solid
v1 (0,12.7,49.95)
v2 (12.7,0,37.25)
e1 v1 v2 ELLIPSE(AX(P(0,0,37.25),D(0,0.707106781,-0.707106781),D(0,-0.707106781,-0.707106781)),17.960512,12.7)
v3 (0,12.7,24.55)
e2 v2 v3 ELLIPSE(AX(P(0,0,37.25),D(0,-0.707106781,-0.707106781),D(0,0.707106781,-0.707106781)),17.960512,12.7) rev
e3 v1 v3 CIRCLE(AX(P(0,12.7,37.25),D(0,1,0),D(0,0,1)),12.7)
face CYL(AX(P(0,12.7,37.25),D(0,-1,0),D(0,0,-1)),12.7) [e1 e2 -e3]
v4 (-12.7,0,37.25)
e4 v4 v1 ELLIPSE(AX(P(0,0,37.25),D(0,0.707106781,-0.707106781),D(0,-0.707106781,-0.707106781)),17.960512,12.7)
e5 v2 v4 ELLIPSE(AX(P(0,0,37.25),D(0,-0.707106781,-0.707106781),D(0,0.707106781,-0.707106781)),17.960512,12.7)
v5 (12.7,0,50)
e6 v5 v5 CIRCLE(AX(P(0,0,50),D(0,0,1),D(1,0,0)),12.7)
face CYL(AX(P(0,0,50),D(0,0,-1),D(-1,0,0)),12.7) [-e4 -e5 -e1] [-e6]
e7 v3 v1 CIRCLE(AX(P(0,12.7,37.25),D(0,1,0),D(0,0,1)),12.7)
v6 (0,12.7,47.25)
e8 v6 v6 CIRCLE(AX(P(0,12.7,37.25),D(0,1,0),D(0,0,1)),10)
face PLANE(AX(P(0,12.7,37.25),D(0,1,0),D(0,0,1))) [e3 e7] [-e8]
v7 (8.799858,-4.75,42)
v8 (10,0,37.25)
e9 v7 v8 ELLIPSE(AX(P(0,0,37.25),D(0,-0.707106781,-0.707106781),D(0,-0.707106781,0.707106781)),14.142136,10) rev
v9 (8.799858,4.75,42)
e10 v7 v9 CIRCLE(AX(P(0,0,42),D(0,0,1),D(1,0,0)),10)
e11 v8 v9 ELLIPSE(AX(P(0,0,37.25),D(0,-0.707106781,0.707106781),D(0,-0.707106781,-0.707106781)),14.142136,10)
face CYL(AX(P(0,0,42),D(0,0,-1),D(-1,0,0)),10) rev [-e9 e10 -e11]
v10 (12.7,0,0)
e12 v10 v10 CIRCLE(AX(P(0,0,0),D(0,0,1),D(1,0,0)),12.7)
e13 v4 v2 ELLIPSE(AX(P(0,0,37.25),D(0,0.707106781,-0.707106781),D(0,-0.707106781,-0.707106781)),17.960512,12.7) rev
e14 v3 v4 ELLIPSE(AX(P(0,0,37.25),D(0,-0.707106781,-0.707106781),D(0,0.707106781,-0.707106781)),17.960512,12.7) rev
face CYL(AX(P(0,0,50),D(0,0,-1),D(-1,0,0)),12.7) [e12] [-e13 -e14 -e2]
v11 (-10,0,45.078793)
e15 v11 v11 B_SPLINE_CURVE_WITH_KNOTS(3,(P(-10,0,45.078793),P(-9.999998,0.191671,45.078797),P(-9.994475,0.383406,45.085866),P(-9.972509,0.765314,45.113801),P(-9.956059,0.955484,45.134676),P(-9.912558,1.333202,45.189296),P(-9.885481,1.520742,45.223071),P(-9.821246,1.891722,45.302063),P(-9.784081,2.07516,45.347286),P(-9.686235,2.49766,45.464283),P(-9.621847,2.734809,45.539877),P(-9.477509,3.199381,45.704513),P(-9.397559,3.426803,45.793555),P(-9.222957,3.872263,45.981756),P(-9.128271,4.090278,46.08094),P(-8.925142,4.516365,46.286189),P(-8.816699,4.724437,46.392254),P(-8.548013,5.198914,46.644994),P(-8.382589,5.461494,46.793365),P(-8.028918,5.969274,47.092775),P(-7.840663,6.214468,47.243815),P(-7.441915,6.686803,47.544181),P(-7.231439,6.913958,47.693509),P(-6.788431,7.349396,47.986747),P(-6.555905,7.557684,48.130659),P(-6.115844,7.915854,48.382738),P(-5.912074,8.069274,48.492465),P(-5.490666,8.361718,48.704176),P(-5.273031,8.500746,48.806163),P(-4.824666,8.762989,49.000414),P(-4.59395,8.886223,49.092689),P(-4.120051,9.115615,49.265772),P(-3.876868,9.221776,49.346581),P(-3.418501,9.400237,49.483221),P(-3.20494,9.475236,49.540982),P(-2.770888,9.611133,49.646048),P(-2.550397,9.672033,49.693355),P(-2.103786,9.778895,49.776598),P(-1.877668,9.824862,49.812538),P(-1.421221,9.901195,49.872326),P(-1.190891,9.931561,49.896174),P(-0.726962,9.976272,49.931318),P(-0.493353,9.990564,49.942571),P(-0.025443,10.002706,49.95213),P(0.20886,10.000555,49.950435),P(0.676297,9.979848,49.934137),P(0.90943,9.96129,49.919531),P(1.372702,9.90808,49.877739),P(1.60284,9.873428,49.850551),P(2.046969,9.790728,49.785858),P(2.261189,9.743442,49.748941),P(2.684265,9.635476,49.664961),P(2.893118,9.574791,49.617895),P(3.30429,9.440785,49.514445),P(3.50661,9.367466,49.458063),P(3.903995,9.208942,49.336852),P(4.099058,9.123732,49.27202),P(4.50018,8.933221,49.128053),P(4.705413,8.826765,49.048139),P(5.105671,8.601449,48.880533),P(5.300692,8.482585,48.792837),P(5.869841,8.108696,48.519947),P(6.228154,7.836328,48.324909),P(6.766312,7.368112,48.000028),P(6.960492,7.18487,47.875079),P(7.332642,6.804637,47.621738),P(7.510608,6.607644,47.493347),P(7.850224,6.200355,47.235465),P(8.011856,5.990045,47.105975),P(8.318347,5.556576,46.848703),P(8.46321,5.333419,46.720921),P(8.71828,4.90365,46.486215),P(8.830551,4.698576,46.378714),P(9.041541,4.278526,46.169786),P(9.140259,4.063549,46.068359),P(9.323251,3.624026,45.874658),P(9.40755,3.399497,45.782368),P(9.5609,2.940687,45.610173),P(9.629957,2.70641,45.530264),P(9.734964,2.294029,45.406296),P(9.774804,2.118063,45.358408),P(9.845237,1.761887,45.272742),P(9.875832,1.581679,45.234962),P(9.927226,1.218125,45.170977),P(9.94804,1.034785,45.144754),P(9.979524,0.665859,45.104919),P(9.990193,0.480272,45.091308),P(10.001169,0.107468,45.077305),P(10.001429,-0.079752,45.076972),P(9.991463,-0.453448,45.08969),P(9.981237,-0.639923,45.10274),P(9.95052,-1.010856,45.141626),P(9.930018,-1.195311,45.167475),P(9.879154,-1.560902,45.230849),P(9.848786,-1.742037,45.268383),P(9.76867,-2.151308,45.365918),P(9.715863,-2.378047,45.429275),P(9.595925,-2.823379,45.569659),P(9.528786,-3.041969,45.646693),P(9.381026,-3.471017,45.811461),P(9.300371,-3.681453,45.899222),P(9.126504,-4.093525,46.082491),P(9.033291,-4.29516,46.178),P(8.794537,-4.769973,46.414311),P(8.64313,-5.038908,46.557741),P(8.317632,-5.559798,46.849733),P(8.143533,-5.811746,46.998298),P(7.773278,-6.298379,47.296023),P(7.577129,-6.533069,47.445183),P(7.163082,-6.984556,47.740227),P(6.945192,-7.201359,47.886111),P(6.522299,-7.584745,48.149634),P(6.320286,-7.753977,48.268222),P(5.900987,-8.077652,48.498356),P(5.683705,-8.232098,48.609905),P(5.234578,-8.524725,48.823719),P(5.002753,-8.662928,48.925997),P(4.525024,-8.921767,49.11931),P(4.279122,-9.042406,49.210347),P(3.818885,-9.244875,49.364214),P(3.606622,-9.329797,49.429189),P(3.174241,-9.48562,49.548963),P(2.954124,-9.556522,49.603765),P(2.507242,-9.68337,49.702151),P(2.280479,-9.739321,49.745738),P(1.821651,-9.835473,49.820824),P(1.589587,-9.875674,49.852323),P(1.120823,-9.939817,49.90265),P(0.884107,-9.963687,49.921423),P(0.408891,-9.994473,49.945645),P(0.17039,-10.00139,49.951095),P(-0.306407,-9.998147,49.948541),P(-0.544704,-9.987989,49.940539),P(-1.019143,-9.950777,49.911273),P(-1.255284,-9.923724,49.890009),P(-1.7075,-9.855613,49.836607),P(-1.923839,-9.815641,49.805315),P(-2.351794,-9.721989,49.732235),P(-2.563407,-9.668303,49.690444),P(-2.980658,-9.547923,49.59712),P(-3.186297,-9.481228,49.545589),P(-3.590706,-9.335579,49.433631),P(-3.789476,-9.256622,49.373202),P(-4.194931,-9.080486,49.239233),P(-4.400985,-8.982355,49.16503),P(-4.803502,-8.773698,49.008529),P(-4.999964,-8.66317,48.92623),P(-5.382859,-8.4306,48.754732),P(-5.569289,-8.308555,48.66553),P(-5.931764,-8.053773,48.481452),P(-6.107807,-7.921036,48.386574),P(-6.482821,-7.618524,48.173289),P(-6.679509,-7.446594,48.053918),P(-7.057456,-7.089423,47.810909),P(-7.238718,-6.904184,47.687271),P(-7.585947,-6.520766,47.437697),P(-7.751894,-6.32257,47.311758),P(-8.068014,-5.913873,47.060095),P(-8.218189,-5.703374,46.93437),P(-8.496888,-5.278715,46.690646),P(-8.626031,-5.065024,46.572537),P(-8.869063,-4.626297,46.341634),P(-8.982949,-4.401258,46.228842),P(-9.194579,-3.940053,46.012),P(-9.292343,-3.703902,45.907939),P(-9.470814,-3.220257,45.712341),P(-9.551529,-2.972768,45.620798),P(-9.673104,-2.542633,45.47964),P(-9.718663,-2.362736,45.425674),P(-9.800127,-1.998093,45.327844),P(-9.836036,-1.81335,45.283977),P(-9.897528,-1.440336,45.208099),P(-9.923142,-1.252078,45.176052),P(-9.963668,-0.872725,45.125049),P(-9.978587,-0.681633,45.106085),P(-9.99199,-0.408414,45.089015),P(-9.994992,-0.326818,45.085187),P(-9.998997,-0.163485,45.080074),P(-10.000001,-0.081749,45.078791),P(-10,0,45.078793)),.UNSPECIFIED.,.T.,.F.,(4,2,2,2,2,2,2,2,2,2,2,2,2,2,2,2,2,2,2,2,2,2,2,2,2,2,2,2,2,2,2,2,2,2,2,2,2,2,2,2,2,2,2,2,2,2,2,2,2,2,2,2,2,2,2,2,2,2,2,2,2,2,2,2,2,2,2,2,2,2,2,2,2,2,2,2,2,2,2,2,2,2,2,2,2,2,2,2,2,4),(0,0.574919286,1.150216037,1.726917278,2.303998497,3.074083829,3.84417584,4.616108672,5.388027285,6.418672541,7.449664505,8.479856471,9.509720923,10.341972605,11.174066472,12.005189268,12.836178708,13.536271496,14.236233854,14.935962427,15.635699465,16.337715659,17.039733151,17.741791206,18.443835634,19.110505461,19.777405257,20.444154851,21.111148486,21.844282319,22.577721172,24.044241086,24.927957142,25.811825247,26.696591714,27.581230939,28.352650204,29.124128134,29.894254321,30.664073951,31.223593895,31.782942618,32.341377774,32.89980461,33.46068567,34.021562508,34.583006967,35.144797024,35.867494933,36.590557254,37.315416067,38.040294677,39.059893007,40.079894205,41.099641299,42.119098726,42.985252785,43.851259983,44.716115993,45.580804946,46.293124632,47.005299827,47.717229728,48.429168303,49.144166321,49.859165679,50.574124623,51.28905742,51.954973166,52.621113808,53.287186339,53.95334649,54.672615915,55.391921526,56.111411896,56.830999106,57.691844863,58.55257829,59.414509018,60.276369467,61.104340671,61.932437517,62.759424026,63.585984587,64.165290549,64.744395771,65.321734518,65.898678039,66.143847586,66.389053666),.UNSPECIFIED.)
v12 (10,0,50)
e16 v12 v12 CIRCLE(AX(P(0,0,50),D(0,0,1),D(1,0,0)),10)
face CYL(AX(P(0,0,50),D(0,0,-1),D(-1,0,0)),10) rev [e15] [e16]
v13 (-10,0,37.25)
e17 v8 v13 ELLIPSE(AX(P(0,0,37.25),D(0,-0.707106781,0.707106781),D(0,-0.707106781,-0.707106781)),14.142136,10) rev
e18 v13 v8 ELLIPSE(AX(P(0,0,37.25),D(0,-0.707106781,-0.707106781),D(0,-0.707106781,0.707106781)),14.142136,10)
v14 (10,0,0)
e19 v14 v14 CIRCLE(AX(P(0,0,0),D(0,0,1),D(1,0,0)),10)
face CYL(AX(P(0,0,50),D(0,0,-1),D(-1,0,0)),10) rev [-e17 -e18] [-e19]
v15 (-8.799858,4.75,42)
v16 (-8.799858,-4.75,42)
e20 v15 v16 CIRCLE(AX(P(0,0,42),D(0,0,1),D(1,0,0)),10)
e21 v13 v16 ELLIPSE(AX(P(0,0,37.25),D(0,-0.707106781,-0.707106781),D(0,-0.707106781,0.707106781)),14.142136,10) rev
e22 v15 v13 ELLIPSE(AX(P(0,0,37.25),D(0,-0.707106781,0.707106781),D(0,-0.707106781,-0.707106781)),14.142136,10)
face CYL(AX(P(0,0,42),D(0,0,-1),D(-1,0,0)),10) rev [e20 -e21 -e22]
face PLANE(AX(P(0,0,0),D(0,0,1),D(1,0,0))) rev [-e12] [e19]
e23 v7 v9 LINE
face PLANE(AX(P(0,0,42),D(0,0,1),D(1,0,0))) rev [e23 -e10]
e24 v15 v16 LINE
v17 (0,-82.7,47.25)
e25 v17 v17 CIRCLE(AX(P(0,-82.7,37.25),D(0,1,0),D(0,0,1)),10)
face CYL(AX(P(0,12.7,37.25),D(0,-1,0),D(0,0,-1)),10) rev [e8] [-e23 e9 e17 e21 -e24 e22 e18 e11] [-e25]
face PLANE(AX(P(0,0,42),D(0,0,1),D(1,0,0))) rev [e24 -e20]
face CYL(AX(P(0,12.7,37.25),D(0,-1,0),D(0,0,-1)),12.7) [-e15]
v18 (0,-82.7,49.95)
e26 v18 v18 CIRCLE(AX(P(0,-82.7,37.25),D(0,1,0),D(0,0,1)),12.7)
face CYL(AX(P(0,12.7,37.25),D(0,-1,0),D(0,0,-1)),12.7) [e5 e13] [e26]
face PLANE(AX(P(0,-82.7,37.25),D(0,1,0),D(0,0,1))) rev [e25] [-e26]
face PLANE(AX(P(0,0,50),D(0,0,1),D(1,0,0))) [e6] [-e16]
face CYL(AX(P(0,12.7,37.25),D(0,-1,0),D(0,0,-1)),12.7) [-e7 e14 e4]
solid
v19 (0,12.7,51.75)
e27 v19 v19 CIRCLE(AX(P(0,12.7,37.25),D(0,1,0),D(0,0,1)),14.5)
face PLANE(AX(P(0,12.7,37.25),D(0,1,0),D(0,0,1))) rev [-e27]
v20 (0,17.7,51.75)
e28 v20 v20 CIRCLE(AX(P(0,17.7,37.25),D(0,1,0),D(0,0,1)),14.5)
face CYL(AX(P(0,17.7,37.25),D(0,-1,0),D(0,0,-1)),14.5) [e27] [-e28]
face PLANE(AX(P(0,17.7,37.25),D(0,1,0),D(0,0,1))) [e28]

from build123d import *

# Parameters (mm, degrees)
CROQUIS1_R                   = 12.7
CROQUIS1_R_2                 = 10
SALIENTE_EXTRUIR1_DEPTH      = 50
SALIENTE_EXTRUIR2_DEPTH      = 25.4
SALIENTE_EXTRUIR2_DEPTH_BACK = 70
CROQUIS2_R                   = 12.7
CORTAR_EXTRUIR1_DEPTH        = 87.955678423
CORTAR_EXTRUIR1_DEPTH_BACK   = 87.955678423
CROQUIS3_R                   = 10
CROQUIS4_R                   = 10
CORTAR_EXTRUIR2_DEPTH        = 42
CROQUIS5_R                   = 14.5
SALIENTE_EXTRUIR4_DEPTH      = 5


with BuildPart() as part:
    # Croquis1 → Saliente-Extruir1 (new body)
    with BuildSketch(Plane.XY):
        Circle(CROQUIS1_R)
        Circle(CROQUIS1_R_2, mode=Mode.SUBTRACT)
    extrude(amount=SALIENTE_EXTRUIR1_DEPTH)

    # Croquis2 → Saliente-Extruir2 (add, two sides: drawn at the far end of the back side and taken through both)
    with BuildSketch(Plane(origin=(0, -12.7, 0), x_dir=(1, 0, 0), z_dir=(0, 1, 0)).offset(-SALIENTE_EXTRUIR2_DEPTH_BACK)):
        with Locations((0, -37.25)):
            Circle(CROQUIS2_R)
    extrude(amount=SALIENTE_EXTRUIR2_DEPTH + SALIENTE_EXTRUIR2_DEPTH_BACK)

    # Croquis3 → Cortar-Extruir1 (cut, two sides: drawn at the far end of the back side and taken through both)
    with BuildSketch(Plane(origin=(0, -12.7, 0), x_dir=(1, 0, 0), z_dir=(0, 1, 0)).offset(-CORTAR_EXTRUIR1_DEPTH_BACK)):
        with Locations(Location((0, -37.25, 0), (0, 0, 270))):
            Circle(CROQUIS3_R)
    extrude(amount=CORTAR_EXTRUIR1_DEPTH + CORTAR_EXTRUIR1_DEPTH_BACK, mode=Mode.SUBTRACT)

    # Croquis4 → Cortar-Extruir2 (cut)
    with BuildSketch(Plane.XY):
        with Locations(Location((0, 0, 0), (0, 0, 180))):
            Circle(CROQUIS4_R)
    extrude(amount=CORTAR_EXTRUIR2_DEPTH, mode=Mode.SUBTRACT)


with BuildPart() as body_2:
    # Croquis5 → Saliente-Extruir4 (new body)
    with BuildSketch(Plane(origin=(0, 12.7, 0), x_dir=(1, 0, 0), z_dir=(0, 1, 0))):
        with Locations(Location((0, -37.25, 0), (0, 0, 270))):
            Circle(CROQUIS5_R)
    extrude(amount=SALIENTE_EXTRUIR4_DEPTH)


solid = Compound([part.part, body_2.part])
